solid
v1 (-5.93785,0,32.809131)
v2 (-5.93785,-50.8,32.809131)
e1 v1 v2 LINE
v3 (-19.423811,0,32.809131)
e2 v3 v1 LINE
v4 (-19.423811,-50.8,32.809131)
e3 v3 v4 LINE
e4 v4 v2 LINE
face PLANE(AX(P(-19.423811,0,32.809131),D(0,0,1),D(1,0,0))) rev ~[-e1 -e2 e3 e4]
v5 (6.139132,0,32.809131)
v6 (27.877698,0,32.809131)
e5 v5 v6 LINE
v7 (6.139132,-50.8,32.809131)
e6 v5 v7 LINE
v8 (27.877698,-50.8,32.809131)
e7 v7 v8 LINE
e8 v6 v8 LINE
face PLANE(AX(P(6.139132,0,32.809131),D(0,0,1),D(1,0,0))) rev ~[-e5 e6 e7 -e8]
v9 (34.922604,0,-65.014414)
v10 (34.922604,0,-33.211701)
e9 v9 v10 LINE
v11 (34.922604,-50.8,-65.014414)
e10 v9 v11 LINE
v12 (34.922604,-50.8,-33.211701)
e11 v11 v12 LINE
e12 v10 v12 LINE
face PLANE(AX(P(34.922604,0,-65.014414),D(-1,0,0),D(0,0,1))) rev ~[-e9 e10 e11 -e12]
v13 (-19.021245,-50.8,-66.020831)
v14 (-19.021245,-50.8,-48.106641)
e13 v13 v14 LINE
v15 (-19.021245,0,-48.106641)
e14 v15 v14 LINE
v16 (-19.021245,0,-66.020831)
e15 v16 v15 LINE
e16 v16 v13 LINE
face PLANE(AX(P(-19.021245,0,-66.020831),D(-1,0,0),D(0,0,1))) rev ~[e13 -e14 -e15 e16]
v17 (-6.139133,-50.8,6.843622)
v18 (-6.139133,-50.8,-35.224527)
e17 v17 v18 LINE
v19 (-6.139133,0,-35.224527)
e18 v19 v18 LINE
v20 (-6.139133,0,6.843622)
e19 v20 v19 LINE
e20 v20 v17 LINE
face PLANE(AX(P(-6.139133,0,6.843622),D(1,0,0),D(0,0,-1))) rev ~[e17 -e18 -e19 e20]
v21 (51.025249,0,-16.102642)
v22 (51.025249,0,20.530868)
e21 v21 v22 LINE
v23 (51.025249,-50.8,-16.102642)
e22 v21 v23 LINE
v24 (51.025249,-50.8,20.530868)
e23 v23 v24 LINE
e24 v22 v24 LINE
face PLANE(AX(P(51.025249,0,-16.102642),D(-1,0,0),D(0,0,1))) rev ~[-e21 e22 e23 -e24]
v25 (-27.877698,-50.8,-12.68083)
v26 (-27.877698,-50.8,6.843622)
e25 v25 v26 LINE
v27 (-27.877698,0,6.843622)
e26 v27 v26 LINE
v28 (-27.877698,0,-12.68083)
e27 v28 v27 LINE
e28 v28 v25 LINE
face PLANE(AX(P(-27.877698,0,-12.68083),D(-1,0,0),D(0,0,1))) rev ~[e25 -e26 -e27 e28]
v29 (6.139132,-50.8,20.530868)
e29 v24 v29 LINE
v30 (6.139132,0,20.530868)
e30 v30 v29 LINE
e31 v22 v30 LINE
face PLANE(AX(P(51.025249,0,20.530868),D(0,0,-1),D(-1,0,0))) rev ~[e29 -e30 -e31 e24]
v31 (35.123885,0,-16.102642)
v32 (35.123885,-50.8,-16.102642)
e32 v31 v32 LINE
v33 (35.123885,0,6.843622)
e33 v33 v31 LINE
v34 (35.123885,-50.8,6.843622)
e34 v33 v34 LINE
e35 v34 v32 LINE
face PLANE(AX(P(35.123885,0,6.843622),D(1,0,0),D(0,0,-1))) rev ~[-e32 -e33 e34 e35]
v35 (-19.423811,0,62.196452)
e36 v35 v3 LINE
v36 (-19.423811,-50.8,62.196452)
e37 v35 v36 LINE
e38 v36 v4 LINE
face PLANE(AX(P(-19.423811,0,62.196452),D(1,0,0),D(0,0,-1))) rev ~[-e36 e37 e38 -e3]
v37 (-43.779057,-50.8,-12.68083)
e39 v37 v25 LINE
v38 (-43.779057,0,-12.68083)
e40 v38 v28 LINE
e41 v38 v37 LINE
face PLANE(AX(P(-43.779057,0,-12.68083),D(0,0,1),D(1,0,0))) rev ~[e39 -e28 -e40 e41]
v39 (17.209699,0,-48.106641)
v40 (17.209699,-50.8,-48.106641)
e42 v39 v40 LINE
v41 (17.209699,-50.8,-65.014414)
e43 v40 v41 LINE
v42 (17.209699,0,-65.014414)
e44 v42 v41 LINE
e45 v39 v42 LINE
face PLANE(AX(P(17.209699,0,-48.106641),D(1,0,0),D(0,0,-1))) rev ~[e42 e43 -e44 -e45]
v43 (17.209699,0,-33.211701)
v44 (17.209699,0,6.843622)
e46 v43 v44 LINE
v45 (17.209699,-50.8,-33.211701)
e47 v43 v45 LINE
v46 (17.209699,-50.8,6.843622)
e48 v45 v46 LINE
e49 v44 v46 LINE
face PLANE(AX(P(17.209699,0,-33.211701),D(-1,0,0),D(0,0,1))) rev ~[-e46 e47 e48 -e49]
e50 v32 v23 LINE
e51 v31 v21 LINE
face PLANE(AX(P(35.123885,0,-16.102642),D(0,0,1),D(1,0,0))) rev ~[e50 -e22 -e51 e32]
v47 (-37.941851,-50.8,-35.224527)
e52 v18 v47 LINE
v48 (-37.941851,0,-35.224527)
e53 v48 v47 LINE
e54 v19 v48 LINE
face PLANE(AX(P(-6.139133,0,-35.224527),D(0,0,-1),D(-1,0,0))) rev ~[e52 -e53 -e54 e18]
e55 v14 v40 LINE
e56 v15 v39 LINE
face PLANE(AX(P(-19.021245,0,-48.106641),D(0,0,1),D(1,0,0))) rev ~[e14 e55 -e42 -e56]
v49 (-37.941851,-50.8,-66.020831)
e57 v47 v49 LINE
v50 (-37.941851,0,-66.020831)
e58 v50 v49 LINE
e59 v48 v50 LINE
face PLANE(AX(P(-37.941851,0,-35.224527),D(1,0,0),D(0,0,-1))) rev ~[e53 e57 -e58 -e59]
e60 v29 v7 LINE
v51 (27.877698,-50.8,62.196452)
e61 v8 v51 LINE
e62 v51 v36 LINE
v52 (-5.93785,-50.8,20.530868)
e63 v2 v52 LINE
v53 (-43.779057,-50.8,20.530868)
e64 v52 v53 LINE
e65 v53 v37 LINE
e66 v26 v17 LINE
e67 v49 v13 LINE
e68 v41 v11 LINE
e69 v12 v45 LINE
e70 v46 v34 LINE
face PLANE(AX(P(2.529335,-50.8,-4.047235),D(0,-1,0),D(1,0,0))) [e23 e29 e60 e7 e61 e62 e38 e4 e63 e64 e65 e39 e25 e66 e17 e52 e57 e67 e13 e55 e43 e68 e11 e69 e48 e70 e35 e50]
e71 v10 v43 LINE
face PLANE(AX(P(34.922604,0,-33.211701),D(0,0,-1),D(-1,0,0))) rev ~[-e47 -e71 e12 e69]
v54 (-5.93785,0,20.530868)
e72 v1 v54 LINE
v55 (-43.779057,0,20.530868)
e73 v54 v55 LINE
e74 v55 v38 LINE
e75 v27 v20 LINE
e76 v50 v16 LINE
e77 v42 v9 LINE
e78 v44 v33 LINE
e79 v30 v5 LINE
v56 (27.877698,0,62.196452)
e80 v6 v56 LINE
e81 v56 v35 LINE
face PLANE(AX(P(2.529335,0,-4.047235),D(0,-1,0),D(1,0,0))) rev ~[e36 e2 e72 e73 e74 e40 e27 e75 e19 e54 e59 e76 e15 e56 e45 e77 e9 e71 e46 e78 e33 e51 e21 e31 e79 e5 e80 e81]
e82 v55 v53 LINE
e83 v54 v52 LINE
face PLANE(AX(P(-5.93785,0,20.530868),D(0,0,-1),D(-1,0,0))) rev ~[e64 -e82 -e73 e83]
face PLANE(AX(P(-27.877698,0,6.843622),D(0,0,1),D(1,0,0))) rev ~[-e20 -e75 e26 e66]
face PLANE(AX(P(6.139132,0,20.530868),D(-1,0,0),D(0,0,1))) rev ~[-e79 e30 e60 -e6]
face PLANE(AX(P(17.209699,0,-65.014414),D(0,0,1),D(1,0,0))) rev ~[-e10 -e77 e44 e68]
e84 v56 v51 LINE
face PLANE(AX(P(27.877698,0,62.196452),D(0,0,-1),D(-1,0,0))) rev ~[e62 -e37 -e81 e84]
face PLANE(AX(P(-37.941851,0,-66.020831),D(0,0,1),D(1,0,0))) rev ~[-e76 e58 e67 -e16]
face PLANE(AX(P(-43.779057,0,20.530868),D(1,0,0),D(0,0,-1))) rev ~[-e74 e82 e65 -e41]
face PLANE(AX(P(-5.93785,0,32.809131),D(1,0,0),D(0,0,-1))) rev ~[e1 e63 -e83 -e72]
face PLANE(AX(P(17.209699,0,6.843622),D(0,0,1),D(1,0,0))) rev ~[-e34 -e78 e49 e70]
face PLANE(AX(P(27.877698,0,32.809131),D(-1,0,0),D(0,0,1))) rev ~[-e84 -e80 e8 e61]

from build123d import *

# Parameters (mm, degrees)
F1_DEPTH = 50.8


with BuildPart() as f1:
    # F0 (on Front) → F1 (new body)
    with BuildSketch(Plane.XZ):
        Polygon((27.877698, 62.196452), (-19.423811, 62.196452), (-19.423811, 32.809131), (-5.93785, 32.809131), (-5.93785, 20.530868), (-43.779057, 20.530868), (-43.779057, -12.68083), (-27.877698, -12.68083), (-27.877698, 6.843622), (-6.139133, 6.843622), (-6.139133, -35.224527), (-37.941851, -35.224527), (-37.941851, -66.020831), (-19.021245, -66.020831), (-19.021245, -48.106641), (17.209699, -48.106641), (17.209699, -65.014414), (34.922604, -65.014414), (34.922604, -33.211701), (17.209699, -33.211701), (17.209699, 6.843622), (35.123885, 6.843622), (35.123885, -16.102642), (51.025249, -16.102642), (51.025249, 20.530868), (6.139132, 20.530868), (6.139132, 32.809131), (27.877698, 32.809131), align=None)
    extrude(amount=F1_DEPTH)


solid = f1.part
